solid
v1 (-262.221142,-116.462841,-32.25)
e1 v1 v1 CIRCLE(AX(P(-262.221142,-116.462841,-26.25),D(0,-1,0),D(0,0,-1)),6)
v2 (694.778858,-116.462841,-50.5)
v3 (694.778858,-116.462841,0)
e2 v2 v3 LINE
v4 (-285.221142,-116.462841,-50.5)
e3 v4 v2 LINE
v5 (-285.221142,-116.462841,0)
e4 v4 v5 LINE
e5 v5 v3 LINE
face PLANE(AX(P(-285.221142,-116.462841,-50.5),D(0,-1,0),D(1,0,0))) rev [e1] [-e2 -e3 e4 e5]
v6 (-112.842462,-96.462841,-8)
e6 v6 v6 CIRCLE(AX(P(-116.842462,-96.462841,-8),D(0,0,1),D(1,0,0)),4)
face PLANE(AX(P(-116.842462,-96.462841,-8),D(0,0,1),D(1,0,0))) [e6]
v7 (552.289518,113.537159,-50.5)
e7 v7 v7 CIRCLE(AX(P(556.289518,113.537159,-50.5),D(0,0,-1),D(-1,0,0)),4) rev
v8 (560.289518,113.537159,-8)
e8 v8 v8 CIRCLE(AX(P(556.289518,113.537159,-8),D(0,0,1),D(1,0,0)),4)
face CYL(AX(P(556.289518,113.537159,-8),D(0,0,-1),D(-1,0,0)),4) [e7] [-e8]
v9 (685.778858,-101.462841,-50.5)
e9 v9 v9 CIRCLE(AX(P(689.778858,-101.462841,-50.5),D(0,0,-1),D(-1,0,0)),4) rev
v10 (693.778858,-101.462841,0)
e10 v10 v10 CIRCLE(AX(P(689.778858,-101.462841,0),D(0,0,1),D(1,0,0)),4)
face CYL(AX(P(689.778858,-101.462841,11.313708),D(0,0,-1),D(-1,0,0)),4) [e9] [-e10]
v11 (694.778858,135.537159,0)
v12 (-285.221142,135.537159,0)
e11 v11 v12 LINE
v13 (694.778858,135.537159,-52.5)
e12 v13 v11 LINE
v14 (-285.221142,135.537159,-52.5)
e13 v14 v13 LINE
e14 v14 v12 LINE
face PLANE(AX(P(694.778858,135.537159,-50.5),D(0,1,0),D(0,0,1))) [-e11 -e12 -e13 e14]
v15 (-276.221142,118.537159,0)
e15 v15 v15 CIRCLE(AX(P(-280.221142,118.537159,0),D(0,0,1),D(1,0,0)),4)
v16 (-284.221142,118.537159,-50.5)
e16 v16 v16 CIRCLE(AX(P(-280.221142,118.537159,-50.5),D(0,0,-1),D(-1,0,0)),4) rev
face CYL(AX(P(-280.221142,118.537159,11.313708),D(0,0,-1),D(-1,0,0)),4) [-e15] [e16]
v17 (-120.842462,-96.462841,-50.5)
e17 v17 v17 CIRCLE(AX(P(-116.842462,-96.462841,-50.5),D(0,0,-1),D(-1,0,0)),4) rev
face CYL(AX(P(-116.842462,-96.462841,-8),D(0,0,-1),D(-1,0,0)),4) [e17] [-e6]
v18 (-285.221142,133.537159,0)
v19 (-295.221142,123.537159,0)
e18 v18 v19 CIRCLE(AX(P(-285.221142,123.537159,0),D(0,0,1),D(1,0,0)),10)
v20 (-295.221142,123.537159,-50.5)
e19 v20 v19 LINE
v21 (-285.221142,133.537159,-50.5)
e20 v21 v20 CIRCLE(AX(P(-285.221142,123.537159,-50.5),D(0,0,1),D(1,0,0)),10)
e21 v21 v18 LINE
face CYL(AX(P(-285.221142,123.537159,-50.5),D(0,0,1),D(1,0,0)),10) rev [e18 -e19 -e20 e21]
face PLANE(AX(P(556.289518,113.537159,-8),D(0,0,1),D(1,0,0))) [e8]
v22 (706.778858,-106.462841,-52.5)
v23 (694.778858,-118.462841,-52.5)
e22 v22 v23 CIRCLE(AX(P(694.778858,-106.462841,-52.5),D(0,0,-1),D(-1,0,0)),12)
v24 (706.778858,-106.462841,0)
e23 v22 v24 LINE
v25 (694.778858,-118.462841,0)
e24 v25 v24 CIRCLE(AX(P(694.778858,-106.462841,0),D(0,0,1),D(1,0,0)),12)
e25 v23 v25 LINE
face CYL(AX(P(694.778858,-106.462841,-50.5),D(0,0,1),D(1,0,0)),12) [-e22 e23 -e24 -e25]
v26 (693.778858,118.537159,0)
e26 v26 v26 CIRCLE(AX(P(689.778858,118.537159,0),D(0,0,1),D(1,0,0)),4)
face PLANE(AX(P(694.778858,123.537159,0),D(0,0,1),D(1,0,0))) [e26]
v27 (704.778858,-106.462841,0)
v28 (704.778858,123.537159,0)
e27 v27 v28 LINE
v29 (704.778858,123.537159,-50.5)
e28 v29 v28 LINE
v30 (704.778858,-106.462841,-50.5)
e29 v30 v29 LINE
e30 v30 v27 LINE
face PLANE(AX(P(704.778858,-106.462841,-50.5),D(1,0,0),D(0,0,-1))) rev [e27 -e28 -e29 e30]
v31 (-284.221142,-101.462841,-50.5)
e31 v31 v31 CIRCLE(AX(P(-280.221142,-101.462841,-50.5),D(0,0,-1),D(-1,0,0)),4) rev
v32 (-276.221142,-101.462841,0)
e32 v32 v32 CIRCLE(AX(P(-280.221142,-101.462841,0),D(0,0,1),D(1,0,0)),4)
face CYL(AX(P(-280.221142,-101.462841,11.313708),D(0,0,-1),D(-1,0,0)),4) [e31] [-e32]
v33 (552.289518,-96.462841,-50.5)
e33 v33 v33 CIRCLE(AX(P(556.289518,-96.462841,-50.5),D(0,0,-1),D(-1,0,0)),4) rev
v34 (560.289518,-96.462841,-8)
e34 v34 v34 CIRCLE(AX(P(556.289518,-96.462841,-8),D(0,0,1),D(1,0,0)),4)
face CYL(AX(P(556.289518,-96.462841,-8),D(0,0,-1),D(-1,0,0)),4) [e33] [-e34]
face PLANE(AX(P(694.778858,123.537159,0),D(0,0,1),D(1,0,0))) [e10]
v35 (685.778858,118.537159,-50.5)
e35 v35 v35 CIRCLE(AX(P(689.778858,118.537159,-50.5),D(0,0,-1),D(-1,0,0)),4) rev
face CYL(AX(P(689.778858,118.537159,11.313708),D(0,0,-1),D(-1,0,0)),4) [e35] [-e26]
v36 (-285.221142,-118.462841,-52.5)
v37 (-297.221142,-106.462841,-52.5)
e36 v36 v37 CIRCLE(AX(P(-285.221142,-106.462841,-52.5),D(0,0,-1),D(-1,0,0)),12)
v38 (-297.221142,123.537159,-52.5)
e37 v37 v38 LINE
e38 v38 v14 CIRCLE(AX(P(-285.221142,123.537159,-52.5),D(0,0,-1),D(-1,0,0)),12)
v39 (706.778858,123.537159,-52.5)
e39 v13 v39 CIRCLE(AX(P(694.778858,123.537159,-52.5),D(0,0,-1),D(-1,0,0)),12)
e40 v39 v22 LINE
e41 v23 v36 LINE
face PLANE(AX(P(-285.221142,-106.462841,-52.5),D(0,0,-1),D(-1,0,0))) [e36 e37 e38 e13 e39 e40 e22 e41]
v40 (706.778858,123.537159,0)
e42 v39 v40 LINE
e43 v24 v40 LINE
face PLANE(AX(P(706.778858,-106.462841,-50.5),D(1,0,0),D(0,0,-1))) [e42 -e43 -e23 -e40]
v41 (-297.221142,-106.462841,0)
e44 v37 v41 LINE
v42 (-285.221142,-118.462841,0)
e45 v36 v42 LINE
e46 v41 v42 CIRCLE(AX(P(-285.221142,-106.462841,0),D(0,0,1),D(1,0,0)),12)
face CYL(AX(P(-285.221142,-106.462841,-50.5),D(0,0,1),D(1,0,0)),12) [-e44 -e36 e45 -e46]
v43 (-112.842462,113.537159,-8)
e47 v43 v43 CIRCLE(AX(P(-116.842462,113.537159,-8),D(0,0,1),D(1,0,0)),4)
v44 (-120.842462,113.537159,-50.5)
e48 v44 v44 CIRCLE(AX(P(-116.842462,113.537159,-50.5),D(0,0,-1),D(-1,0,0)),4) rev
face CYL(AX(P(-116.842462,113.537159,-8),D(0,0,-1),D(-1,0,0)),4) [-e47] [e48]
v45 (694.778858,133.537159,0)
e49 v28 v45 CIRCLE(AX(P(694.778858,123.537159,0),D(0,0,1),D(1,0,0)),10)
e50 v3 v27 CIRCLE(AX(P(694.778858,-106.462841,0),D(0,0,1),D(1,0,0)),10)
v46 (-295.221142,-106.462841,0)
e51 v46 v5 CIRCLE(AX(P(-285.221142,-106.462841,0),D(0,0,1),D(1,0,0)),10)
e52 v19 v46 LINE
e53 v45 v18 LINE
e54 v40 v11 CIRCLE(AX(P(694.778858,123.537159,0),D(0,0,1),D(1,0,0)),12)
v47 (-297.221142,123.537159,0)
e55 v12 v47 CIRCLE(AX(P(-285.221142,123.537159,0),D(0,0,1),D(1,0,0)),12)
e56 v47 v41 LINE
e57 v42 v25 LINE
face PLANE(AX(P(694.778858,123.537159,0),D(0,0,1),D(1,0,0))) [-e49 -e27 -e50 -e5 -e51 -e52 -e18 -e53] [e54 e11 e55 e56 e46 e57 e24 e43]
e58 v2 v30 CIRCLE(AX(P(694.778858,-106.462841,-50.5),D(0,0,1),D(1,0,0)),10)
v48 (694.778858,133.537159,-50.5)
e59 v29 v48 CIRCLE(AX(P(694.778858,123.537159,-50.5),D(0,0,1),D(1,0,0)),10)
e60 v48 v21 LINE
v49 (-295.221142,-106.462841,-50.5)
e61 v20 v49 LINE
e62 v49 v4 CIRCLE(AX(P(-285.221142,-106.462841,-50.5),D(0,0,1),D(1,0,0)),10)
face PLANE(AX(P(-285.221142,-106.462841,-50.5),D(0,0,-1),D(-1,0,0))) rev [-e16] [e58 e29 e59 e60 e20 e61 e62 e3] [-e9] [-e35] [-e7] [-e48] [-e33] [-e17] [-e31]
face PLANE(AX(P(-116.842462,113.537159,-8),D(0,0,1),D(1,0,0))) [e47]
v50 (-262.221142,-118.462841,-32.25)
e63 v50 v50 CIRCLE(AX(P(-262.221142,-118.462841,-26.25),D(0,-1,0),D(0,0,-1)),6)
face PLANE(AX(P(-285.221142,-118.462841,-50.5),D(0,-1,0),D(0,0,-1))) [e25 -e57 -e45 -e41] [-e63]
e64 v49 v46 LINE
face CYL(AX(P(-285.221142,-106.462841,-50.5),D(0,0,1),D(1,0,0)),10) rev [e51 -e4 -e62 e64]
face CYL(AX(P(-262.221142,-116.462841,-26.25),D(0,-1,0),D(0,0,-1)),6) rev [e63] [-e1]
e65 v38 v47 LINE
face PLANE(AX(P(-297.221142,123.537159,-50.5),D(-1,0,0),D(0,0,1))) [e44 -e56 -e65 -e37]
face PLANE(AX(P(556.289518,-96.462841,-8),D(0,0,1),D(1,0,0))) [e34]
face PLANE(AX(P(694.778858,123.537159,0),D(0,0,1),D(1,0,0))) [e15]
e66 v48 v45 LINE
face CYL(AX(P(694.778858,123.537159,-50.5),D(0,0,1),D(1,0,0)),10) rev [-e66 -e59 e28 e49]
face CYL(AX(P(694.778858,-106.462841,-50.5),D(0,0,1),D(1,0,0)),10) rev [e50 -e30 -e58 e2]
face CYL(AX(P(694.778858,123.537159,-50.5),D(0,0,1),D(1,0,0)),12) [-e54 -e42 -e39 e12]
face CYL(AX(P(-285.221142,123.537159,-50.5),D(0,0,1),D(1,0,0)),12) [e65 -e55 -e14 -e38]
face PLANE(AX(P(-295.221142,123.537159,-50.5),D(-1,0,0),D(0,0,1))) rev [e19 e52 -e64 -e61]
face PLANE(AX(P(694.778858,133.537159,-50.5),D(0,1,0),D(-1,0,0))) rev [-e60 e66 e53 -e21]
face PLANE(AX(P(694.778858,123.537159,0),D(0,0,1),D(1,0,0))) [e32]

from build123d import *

# Parameters (mm, degrees)
BOSS_EXTRU_1_DEPTH      = 50.5
BOSS_EXTRU_2_DEPTH      = 2
ESQUISSE6_R             = 4
BOSS_EXTRU_4_DEPTH      = 50.5
ESQUISSE7_R             = 4
BOSS_EXTRU_5_DEPTH      = 42.5
ESQUISSE8_R             = 6
ENL_V_MAT_EXTRU_1_DEPTH = 2


with BuildPart() as part:
    # Esquisse2 → Boss.-Extru.1 (new body)
    with BuildSketch(Plane.XY):
        with BuildLine():
            Line((694.77885805, 135.537159381), (-285.22114195, 135.537159381))
            ThreePointArc((-285.22114195, 135.537159381), (-293.706423325, 132.022440755), (-297.22114195, 123.537159381))
            Line((-297.22114195, 123.537159381), (-297.22114195, -106.462840619))
            ThreePointArc((-297.22114195, -106.462840619), (-293.706423325, -114.948121993), (-285.22114195, -118.462840619))
            Line((-285.22114195, -118.462840619), (694.77885805, -118.462840619))
            ThreePointArc((694.77885805, -118.462840619), (703.264139424, -114.948121993), (706.77885805, -106.462840619))
            Line((706.77885805, -106.462840619), (706.77885805, 123.537159381))
            ThreePointArc((706.77885805, 123.537159381), (703.264139424, 132.022440755), (694.77885805, 135.537159381))
        make_face()
        with BuildLine():
            Line((-295.22114195, 123.537159381), (-295.22114195, -106.462840619))
            ThreePointArc((-295.22114195, -106.462840619), (-292.292209762, -113.533908431), (-285.22114195, -116.462840619))
            Line((-285.22114195, -116.462840619), (694.77885805, -116.462840619))
            ThreePointArc((694.77885805, -116.462840619), (701.849925862, -113.533908431), (704.77885805, -106.462840619))
            Line((704.77885805, -106.462840619), (704.77885805, 123.537159381))
            ThreePointArc((704.77885805, 123.537159381), (701.849925862, 130.608227193), (694.77885805, 133.537159381))
            Line((694.77885805, 133.537159381), (-285.22114195, 133.537159381))
            ThreePointArc((-285.22114195, 133.537159381), (-292.292209762, 130.608227193), (-295.22114195, 123.537159381))
        make_face(mode=Mode.SUBTRACT)
    extrude(amount=-BOSS_EXTRU_1_DEPTH)

    # Esquisse4 → Boss.-Extru.2 (add)
    with BuildSketch(Plane(origin=(0, 0, -50.5), x_dir=(-1, 0, 0), z_dir=(0, 0, -1))):
        with BuildLine():
            Line((297.22114195, 123.537159381), (297.22114195, -106.462840619))
            ThreePointArc((297.22114195, -106.462840619), (293.706423325, -114.948121993), (285.22114195, -118.462840619))
            Line((285.22114195, -118.462840619), (-694.77885805, -118.462840619))
            ThreePointArc((-694.77885805, -118.462840619), (-703.264139424, -114.948121993), (-706.77885805, -106.462840619))
            Line((-706.77885805, -106.462840619), (-706.77885805, 123.537159381))
            ThreePointArc((-706.77885805, 123.537159381), (-703.264139424, 132.022440755), (-694.77885805, 135.537159381))
            Line((-694.77885805, 135.537159381), (285.22114195, 135.537159381))
            ThreePointArc((285.22114195, 135.537159381), (293.706423325, 132.022440755), (297.22114195, 123.537159381))
        make_face()
    extrude(amount=BOSS_EXTRU_2_DEPTH)

    # Esquisse6 → Boss.-Extru.4 (add)
    with BuildSketch(Plane.XY.offset(-50.5)):
        with Locations(Location((-280.22114195, 118.537159381, 0), (0, 0, 180))):
            Circle(ESQUISSE6_R)
        with Locations(Location((-280.22114195, -101.462840619, 0), (0, 0, 180))):
            Circle(ESQUISSE6_R)
        with Locations(Location((689.77885805, -101.462840619, 0), (0, 0, 180))):
            Circle(ESQUISSE6_R)
        with Locations(Location((689.77885805, 118.537159381, 0), (0, 0, 180))):
            Circle(ESQUISSE6_R)
    extrude(amount=BOSS_EXTRU_4_DEPTH)

    # Esquisse7 → Boss.-Extru.5 (add)
    with BuildSketch(Plane.XY.offset(-50.5)):
        with Locations(Location((-116.842462294, 113.537159381, 0), (0, 0, 180))):
            Circle(ESQUISSE7_R)
        with Locations(Location((-116.842462294, -96.462840619, 0), (0, 0, 180))):
            Circle(ESQUISSE7_R)
        with Locations(Location((556.289518221, 113.537159381, 0), (0, 0, 180))):
            Circle(ESQUISSE7_R)
        with Locations(Location((556.289518221, -96.462840619, 0), (0, 0, 180))):
            Circle(ESQUISSE7_R)
    extrude(amount=BOSS_EXTRU_5_DEPTH)

    # Esquisse8 → Enlèv. mat.-Extru.1 (cut)
    with BuildSketch(Plane(origin=(0, -118.462840619, 0), x_dir=(-1, 0, 0), z_dir=(0, -1, 0))):
        with Locations(Location((262.22114195, 26.25, 0), (0, 0, 90))):
            Circle(ESQUISSE8_R)
    extrude(amount=-ENL_V_MAT_EXTRU_1_DEPTH, mode=Mode.SUBTRACT)


solid = part.part
